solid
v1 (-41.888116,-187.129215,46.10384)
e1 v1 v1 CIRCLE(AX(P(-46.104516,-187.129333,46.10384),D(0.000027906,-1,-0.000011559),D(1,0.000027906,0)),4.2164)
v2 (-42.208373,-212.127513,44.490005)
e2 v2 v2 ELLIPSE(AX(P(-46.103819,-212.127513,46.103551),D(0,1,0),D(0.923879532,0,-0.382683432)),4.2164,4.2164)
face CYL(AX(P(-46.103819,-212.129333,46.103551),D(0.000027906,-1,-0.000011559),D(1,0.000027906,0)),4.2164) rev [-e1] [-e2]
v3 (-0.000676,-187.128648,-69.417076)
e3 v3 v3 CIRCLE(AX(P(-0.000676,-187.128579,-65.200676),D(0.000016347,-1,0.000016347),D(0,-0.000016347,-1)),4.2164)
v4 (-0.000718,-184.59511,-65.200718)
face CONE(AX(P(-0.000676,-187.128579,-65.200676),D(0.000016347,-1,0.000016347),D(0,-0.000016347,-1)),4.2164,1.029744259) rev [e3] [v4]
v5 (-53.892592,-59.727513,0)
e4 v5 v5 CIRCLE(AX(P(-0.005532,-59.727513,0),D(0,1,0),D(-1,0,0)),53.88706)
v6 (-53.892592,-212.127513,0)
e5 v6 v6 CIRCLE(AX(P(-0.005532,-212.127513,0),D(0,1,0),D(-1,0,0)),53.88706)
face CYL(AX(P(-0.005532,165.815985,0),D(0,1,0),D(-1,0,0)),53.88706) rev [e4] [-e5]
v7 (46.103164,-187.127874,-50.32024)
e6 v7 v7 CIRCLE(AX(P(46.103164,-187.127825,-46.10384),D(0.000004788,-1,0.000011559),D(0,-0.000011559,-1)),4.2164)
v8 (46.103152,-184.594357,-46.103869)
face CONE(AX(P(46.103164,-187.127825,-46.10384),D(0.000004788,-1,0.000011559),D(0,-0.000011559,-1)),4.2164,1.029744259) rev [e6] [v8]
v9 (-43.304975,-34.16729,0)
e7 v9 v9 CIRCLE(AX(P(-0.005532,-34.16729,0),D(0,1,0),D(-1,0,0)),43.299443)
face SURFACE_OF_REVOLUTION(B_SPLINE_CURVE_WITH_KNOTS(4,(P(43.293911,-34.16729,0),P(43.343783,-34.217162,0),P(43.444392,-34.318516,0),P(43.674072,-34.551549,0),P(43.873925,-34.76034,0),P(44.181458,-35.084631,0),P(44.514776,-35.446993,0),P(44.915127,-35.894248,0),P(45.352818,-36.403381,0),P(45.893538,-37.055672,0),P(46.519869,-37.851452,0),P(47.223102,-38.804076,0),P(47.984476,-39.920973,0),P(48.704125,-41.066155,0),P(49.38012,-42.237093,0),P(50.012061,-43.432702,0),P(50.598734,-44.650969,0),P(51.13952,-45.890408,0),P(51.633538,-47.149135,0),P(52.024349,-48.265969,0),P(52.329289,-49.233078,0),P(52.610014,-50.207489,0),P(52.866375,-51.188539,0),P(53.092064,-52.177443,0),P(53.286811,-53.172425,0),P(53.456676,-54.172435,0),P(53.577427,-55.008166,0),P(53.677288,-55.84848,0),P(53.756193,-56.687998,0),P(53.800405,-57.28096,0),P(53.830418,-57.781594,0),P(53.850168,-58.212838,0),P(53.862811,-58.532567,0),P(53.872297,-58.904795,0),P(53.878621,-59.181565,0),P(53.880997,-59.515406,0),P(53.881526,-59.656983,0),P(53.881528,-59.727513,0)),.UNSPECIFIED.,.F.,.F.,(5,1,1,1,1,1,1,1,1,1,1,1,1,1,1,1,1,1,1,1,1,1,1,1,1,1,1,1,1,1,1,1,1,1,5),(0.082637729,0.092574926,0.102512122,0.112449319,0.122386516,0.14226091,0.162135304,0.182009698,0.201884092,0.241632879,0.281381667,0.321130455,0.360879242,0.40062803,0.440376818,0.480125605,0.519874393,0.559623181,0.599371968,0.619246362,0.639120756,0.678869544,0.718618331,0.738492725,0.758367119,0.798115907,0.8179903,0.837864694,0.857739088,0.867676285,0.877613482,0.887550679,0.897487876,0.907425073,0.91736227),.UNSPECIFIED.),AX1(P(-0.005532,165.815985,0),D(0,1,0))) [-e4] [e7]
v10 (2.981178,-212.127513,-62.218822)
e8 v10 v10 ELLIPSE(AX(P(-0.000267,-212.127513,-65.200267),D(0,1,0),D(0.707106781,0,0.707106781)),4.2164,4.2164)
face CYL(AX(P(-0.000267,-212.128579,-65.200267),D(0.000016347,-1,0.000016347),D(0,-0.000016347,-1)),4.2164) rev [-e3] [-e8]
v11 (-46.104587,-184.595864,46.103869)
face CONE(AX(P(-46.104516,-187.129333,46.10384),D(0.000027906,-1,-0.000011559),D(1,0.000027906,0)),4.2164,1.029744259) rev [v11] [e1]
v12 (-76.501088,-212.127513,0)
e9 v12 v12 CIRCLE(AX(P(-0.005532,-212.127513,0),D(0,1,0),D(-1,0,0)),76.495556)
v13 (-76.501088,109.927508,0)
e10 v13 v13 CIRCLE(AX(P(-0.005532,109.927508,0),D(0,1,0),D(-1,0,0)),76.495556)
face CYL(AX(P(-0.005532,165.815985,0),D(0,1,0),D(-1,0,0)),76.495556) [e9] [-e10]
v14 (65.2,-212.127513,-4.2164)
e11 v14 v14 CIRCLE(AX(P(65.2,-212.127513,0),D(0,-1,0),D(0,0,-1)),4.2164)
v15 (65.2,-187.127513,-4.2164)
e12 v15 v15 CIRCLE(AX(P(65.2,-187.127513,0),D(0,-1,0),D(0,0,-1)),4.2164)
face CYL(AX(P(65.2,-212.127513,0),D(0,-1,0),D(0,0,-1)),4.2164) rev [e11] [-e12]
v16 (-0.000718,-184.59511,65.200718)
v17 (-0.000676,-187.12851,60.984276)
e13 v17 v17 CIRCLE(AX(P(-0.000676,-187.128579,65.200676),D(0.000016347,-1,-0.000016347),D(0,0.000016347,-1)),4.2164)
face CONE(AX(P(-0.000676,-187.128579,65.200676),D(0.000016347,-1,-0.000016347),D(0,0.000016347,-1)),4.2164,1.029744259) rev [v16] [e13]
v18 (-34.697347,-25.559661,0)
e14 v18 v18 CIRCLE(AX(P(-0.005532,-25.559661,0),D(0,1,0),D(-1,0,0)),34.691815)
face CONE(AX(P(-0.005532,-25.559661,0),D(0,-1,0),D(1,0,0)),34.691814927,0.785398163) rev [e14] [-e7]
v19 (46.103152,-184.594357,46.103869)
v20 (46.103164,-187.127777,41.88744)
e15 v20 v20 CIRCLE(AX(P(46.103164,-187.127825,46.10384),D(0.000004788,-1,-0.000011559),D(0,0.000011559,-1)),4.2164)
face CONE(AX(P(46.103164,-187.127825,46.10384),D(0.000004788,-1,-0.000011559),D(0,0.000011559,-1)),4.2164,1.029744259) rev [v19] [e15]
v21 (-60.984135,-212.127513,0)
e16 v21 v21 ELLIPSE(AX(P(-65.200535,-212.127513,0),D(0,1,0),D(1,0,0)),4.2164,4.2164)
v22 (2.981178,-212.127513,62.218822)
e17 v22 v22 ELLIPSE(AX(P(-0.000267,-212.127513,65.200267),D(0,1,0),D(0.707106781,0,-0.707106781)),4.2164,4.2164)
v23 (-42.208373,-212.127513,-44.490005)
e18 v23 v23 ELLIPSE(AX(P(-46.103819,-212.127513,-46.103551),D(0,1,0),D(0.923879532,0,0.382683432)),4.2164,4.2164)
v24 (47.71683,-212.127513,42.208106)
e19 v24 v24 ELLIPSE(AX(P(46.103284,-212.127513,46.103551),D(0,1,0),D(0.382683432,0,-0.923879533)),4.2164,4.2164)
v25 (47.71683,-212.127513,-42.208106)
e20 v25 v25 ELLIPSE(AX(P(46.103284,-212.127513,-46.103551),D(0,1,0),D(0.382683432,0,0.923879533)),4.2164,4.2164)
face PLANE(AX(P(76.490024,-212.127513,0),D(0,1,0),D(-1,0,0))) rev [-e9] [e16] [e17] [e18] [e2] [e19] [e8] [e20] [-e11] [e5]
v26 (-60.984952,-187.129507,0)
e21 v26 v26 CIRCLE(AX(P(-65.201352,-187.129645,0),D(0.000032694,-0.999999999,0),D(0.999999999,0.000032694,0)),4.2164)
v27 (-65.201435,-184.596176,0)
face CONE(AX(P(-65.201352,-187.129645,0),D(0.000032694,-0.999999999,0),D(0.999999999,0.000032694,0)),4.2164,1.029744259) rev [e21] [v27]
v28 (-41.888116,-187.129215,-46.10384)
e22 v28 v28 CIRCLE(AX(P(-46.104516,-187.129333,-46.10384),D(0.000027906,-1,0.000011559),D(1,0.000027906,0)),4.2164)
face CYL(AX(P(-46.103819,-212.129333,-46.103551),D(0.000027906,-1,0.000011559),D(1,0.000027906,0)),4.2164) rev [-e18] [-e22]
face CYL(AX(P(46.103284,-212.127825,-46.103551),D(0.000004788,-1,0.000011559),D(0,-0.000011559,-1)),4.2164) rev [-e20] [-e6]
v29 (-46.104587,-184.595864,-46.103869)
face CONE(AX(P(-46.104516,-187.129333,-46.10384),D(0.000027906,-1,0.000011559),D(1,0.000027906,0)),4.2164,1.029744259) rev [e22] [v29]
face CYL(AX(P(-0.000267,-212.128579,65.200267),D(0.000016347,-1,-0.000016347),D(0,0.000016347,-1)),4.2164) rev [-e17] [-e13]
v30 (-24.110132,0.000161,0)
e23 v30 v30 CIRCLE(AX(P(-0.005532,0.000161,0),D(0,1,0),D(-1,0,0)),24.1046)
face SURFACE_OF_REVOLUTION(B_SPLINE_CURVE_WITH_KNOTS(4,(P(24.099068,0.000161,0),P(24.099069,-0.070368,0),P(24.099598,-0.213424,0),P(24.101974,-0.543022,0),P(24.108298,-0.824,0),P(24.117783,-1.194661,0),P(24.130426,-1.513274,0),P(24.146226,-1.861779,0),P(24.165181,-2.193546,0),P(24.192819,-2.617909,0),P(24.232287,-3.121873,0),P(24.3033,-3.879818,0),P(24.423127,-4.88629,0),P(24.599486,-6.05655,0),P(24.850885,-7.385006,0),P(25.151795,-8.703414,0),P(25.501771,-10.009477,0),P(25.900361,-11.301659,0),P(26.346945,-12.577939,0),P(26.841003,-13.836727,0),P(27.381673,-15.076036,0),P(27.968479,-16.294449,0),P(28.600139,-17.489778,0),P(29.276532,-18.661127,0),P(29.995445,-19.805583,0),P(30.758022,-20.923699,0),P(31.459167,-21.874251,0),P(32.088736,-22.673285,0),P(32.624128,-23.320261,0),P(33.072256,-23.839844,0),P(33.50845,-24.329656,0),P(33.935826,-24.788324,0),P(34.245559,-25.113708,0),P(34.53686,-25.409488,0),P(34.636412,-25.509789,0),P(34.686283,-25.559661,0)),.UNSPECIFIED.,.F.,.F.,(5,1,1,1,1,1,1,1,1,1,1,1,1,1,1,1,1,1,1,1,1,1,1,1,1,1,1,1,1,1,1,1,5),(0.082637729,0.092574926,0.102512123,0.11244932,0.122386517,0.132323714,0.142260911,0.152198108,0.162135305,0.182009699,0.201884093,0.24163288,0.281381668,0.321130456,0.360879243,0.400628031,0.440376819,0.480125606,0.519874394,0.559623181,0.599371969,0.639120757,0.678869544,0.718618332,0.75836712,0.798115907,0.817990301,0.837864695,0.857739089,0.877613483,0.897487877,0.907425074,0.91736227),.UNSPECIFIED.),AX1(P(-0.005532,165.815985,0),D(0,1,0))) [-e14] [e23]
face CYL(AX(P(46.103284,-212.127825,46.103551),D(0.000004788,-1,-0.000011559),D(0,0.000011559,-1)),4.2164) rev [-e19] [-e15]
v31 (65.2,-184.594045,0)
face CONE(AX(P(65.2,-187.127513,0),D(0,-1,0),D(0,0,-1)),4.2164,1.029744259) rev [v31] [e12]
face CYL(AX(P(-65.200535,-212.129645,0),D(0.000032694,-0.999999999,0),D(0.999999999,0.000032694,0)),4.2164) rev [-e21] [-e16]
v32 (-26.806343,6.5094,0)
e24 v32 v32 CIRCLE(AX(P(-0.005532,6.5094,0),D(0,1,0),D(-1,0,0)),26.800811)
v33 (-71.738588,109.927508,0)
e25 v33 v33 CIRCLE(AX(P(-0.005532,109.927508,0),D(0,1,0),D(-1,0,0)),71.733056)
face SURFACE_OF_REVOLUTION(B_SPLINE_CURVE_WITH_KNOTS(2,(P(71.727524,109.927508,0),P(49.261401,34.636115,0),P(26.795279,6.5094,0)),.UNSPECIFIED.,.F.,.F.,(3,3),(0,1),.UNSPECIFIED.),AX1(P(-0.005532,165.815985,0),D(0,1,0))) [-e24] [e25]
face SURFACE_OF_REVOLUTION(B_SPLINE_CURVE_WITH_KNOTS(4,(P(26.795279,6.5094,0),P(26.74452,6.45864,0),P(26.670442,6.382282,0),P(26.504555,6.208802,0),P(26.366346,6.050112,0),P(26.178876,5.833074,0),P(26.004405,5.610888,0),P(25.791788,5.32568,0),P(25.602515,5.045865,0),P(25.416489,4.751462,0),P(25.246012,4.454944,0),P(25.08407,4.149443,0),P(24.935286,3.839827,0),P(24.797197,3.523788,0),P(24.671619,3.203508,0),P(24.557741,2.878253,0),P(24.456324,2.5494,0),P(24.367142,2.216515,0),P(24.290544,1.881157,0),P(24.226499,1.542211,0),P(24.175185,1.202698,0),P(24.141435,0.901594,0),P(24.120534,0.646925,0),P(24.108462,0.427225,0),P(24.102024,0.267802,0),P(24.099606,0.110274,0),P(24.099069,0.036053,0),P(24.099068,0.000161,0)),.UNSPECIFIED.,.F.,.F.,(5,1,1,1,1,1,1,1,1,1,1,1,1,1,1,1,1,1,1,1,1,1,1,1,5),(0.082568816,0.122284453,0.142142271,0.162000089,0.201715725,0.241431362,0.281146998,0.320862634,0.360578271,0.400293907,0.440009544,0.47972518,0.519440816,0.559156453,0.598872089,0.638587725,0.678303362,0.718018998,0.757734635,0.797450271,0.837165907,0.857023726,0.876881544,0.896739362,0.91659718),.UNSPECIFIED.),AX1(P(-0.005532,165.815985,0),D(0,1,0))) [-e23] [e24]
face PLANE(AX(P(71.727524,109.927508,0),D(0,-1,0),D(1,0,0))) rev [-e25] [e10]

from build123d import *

# Parameters (mm, degrees)
CIRPATTERN1_COUNT = 8


with BuildPart() as part:
    # Sketch1 → Revolve2 (revolve)
    with BuildSketch(Plane.XY, mode=Mode.PRIVATE) as revolve2_sk:
        with BuildLine():
            Line((71.727523602, 109.927507641), (76.490023602, 109.927507641))
            Line((76.490023602, 109.927507641), (76.490023602, -212.127513222))
            Line((76.490023602, -212.127513222), (53.881527661, -212.127513222))
            Line((53.881527661, -212.127513222), (53.881527661, -59.727513222))
            add(Edge.make_bspline(
                [(53.881527661, -59.727513222), (53.88152643, -59.656983157), (53.880997287, -59.515406103), (53.878621437, -59.181564616), (53.872296838, -58.904795493), (53.862811351, -58.532567488), (53.850168453, -58.212837622), (53.830417626, -57.781594443), (53.800405285, -57.280959899), (53.756193121, -56.687998165), (53.677288452, -55.848480366), (53.577426861, -55.00816586), (53.456675786, -54.17243543), (53.286810822, -53.17242524), (53.092064187, -52.177442821), (52.86637512, -51.188539083), (52.610014224, -50.207489038), (52.32928934, -49.23307774), (52.024348739, -48.265969224), (51.633537831, -47.149135067), (51.139520361, -45.890408405), (50.598733753, -44.650968804), (50.012060928, -43.432701526), (49.380120231, -42.237093239), (48.704125229, -41.066154879), (47.98447552, -39.920972657), (47.223102138, -38.804076239), (46.51986906, -37.851451785), (45.893537937, -37.055672123), (45.352817681, -36.403381282), (44.915126948, -35.894247633), (44.51477619, -35.446992657), (44.181457503, -35.084631185), (43.873924624, -34.760340151), (43.674072407, -34.551549451), (43.444392073, -34.318516288), (43.343783151, -34.217162055), (43.293911001, -34.167289665)],
                knots=[0.082637729, 0.082637729, 0.082637729, 0.082637729, 0.082637729, 0.092574926, 0.102512123, 0.11244932, 0.122386517, 0.132323714, 0.142260911, 0.162135305, 0.182009699, 0.201884093, 0.24163288, 0.261507274, 0.281381668, 0.321130456, 0.360879243, 0.380753637, 0.400628031, 0.440376819, 0.480125606, 0.519874394, 0.559623181, 0.599371969, 0.639120757, 0.678869544, 0.718618332, 0.75836712, 0.798115907, 0.817990301, 0.837864695, 0.857739089, 0.877613483, 0.88755068, 0.897487877, 0.907425074, 0.91736227, 0.91736227, 0.91736227, 0.91736227, 0.91736227], degree=4))
            Line((43.293911001, -34.167289665), (34.686282803, -25.559661468))
            add(Edge.make_bspline(
                [(24.099067874, 0.000160672), (24.099069105, -0.070367974), (24.099598252, -0.213423516), (24.101973937, -0.543022243), (24.108298331, -0.823999723), (24.117783452, -1.194661398), (24.130425744, -1.513274385), (24.146225968, -1.86177893), (24.165181227, -2.193546198), (24.19281884, -2.617908727), (24.232287047, -3.121873274), (24.303299707, -3.879818002), (24.423126678, -4.886289715), (24.599486044, -6.056550088), (24.850885233, -7.385005743), (25.151795313, -8.703413843), (25.501770623, -10.009476538), (25.900360983, -11.301658927), (26.346945392, -12.577938667), (26.841003323, -13.836726817), (27.381673122, -15.076036463), (27.968479386, -16.294449129), (28.600139398, -17.489778131), (29.276532396, -18.661127095), (29.995445102, -19.805582737), (30.758021999, -20.923699417), (31.459167193, -21.874251104), (32.088736123, -22.673284825), (32.624128416, -23.320261484), (33.072255768, -23.839844364), (33.508450026, -24.329655594), (33.935826121, -24.788323739), (34.24555864, -25.11370766), (34.536859958, -25.409488397), (34.636412425, -25.509789283), (34.686282803, -25.559661468)],
                knots=[0.082637729, 0.082637729, 0.082637729, 0.082637729, 0.082637729, 0.092574926, 0.102512123, 0.11244932, 0.122386517, 0.132323714, 0.142260911, 0.152198108, 0.162135305, 0.182009699, 0.201884093, 0.24163288, 0.281381668, 0.321130456, 0.360879243, 0.400628031, 0.440376819, 0.480125606, 0.519874394, 0.559623181, 0.599371969, 0.639120757, 0.678869544, 0.718618332, 0.75836712, 0.798115907, 0.817990301, 0.837864695, 0.857739089, 0.877613483, 0.897487877, 0.907425074, 0.91736227, 0.91736227, 0.91736227, 0.91736227, 0.91736227], degree=4))
            add(Edge.make_bspline(
                [(24.099067874, 0.000160672), (24.0990685, 0.036053324), (24.099606331, 0.110274362), (24.102023723, 0.267801742), (24.108461568, 0.427224789), (24.120533599, 0.646924939), (24.141435087, 0.901594), (24.175184719, 1.202697945), (24.226499305, 1.54221117), (24.290543701, 1.881157449), (24.367141601, 2.216515092), (24.456323571, 2.549400093), (24.557741413, 2.878253317), (24.671619071, 3.203507713), (24.797196771, 3.523787829), (24.935285977, 3.839827405), (25.084070301, 4.149442857), (25.246012222, 4.454943795), (25.416488505, 4.751462248), (25.602514721, 5.045864533), (25.79178827, 5.325679608), (26.004405474, 5.610888215), (26.178876374, 5.83307432), (26.366345756, 6.050112309), (26.504555248, 6.208802318), (26.67044207, 6.382282451), (26.744520261, 6.458639514), (26.795279203, 6.509400323)],
                knots=[0.082568816, 0.082568816, 0.082568816, 0.082568816, 0.082568816, 0.102426634, 0.122284453, 0.142142271, 0.162000089, 0.201715725, 0.241431362, 0.281146998, 0.320862634, 0.360578271, 0.400293907, 0.440009544, 0.47972518, 0.519440816, 0.559156453, 0.598872089, 0.638587725, 0.678303362, 0.718018998, 0.757734635, 0.797450271, 0.837165907, 0.857023726, 0.876881544, 0.91659718, 0.91659718, 0.91659718, 0.91659718, 0.91659718], degree=4))
            add(Edge.make_bspline(
                [(26.795279203, 6.509400323), (49.261401403, 34.636114842), (71.727523602, 109.927507641)],
                knots=[0, 0, 0, 1, 1, 1], degree=2))
        make_face()
    revolve(revolve2_sk.sketch.rotate(Axis((-0.005532126, 165.815985114, 0), (0, -1, 0)), 180), axis=Axis((-0.005532126, 165.815985114, 0), (0, -1, 0)))

    # Sketch4 → 3/8-24 Tapped Hole1 (revolve, cut)
    with BuildSketch(Plane(origin=(65.2, -212.127513222, 0), x_dir=(0, 0, -1), z_dir=(1, 0, 0))):
        Polygon((0, 0), (0, 27.533468714), (4.2164, 25), (4.2164, 0), align=None)
    f_3_8_24_tapped_hole1 = revolve(axis=Axis((65.2, -218.477513222, 0), (0, 1, 0)), mode=Mode.SUBTRACT)

    # CirPattern1: 3/8-24 Tapped Hole1 ×8 about axis
    cirpattern1_axis = Axis((0, -228.487022387, 0), (-1.634718801334702e-05, 0.9999999998663848, 0))
    for i in range(1, CIRPATTERN1_COUNT):
        add(f_3_8_24_tapped_hole1.rotate(cirpattern1_axis, i * 360 / CIRPATTERN1_COUNT), mode=Mode.SUBTRACT)


solid = part.part
